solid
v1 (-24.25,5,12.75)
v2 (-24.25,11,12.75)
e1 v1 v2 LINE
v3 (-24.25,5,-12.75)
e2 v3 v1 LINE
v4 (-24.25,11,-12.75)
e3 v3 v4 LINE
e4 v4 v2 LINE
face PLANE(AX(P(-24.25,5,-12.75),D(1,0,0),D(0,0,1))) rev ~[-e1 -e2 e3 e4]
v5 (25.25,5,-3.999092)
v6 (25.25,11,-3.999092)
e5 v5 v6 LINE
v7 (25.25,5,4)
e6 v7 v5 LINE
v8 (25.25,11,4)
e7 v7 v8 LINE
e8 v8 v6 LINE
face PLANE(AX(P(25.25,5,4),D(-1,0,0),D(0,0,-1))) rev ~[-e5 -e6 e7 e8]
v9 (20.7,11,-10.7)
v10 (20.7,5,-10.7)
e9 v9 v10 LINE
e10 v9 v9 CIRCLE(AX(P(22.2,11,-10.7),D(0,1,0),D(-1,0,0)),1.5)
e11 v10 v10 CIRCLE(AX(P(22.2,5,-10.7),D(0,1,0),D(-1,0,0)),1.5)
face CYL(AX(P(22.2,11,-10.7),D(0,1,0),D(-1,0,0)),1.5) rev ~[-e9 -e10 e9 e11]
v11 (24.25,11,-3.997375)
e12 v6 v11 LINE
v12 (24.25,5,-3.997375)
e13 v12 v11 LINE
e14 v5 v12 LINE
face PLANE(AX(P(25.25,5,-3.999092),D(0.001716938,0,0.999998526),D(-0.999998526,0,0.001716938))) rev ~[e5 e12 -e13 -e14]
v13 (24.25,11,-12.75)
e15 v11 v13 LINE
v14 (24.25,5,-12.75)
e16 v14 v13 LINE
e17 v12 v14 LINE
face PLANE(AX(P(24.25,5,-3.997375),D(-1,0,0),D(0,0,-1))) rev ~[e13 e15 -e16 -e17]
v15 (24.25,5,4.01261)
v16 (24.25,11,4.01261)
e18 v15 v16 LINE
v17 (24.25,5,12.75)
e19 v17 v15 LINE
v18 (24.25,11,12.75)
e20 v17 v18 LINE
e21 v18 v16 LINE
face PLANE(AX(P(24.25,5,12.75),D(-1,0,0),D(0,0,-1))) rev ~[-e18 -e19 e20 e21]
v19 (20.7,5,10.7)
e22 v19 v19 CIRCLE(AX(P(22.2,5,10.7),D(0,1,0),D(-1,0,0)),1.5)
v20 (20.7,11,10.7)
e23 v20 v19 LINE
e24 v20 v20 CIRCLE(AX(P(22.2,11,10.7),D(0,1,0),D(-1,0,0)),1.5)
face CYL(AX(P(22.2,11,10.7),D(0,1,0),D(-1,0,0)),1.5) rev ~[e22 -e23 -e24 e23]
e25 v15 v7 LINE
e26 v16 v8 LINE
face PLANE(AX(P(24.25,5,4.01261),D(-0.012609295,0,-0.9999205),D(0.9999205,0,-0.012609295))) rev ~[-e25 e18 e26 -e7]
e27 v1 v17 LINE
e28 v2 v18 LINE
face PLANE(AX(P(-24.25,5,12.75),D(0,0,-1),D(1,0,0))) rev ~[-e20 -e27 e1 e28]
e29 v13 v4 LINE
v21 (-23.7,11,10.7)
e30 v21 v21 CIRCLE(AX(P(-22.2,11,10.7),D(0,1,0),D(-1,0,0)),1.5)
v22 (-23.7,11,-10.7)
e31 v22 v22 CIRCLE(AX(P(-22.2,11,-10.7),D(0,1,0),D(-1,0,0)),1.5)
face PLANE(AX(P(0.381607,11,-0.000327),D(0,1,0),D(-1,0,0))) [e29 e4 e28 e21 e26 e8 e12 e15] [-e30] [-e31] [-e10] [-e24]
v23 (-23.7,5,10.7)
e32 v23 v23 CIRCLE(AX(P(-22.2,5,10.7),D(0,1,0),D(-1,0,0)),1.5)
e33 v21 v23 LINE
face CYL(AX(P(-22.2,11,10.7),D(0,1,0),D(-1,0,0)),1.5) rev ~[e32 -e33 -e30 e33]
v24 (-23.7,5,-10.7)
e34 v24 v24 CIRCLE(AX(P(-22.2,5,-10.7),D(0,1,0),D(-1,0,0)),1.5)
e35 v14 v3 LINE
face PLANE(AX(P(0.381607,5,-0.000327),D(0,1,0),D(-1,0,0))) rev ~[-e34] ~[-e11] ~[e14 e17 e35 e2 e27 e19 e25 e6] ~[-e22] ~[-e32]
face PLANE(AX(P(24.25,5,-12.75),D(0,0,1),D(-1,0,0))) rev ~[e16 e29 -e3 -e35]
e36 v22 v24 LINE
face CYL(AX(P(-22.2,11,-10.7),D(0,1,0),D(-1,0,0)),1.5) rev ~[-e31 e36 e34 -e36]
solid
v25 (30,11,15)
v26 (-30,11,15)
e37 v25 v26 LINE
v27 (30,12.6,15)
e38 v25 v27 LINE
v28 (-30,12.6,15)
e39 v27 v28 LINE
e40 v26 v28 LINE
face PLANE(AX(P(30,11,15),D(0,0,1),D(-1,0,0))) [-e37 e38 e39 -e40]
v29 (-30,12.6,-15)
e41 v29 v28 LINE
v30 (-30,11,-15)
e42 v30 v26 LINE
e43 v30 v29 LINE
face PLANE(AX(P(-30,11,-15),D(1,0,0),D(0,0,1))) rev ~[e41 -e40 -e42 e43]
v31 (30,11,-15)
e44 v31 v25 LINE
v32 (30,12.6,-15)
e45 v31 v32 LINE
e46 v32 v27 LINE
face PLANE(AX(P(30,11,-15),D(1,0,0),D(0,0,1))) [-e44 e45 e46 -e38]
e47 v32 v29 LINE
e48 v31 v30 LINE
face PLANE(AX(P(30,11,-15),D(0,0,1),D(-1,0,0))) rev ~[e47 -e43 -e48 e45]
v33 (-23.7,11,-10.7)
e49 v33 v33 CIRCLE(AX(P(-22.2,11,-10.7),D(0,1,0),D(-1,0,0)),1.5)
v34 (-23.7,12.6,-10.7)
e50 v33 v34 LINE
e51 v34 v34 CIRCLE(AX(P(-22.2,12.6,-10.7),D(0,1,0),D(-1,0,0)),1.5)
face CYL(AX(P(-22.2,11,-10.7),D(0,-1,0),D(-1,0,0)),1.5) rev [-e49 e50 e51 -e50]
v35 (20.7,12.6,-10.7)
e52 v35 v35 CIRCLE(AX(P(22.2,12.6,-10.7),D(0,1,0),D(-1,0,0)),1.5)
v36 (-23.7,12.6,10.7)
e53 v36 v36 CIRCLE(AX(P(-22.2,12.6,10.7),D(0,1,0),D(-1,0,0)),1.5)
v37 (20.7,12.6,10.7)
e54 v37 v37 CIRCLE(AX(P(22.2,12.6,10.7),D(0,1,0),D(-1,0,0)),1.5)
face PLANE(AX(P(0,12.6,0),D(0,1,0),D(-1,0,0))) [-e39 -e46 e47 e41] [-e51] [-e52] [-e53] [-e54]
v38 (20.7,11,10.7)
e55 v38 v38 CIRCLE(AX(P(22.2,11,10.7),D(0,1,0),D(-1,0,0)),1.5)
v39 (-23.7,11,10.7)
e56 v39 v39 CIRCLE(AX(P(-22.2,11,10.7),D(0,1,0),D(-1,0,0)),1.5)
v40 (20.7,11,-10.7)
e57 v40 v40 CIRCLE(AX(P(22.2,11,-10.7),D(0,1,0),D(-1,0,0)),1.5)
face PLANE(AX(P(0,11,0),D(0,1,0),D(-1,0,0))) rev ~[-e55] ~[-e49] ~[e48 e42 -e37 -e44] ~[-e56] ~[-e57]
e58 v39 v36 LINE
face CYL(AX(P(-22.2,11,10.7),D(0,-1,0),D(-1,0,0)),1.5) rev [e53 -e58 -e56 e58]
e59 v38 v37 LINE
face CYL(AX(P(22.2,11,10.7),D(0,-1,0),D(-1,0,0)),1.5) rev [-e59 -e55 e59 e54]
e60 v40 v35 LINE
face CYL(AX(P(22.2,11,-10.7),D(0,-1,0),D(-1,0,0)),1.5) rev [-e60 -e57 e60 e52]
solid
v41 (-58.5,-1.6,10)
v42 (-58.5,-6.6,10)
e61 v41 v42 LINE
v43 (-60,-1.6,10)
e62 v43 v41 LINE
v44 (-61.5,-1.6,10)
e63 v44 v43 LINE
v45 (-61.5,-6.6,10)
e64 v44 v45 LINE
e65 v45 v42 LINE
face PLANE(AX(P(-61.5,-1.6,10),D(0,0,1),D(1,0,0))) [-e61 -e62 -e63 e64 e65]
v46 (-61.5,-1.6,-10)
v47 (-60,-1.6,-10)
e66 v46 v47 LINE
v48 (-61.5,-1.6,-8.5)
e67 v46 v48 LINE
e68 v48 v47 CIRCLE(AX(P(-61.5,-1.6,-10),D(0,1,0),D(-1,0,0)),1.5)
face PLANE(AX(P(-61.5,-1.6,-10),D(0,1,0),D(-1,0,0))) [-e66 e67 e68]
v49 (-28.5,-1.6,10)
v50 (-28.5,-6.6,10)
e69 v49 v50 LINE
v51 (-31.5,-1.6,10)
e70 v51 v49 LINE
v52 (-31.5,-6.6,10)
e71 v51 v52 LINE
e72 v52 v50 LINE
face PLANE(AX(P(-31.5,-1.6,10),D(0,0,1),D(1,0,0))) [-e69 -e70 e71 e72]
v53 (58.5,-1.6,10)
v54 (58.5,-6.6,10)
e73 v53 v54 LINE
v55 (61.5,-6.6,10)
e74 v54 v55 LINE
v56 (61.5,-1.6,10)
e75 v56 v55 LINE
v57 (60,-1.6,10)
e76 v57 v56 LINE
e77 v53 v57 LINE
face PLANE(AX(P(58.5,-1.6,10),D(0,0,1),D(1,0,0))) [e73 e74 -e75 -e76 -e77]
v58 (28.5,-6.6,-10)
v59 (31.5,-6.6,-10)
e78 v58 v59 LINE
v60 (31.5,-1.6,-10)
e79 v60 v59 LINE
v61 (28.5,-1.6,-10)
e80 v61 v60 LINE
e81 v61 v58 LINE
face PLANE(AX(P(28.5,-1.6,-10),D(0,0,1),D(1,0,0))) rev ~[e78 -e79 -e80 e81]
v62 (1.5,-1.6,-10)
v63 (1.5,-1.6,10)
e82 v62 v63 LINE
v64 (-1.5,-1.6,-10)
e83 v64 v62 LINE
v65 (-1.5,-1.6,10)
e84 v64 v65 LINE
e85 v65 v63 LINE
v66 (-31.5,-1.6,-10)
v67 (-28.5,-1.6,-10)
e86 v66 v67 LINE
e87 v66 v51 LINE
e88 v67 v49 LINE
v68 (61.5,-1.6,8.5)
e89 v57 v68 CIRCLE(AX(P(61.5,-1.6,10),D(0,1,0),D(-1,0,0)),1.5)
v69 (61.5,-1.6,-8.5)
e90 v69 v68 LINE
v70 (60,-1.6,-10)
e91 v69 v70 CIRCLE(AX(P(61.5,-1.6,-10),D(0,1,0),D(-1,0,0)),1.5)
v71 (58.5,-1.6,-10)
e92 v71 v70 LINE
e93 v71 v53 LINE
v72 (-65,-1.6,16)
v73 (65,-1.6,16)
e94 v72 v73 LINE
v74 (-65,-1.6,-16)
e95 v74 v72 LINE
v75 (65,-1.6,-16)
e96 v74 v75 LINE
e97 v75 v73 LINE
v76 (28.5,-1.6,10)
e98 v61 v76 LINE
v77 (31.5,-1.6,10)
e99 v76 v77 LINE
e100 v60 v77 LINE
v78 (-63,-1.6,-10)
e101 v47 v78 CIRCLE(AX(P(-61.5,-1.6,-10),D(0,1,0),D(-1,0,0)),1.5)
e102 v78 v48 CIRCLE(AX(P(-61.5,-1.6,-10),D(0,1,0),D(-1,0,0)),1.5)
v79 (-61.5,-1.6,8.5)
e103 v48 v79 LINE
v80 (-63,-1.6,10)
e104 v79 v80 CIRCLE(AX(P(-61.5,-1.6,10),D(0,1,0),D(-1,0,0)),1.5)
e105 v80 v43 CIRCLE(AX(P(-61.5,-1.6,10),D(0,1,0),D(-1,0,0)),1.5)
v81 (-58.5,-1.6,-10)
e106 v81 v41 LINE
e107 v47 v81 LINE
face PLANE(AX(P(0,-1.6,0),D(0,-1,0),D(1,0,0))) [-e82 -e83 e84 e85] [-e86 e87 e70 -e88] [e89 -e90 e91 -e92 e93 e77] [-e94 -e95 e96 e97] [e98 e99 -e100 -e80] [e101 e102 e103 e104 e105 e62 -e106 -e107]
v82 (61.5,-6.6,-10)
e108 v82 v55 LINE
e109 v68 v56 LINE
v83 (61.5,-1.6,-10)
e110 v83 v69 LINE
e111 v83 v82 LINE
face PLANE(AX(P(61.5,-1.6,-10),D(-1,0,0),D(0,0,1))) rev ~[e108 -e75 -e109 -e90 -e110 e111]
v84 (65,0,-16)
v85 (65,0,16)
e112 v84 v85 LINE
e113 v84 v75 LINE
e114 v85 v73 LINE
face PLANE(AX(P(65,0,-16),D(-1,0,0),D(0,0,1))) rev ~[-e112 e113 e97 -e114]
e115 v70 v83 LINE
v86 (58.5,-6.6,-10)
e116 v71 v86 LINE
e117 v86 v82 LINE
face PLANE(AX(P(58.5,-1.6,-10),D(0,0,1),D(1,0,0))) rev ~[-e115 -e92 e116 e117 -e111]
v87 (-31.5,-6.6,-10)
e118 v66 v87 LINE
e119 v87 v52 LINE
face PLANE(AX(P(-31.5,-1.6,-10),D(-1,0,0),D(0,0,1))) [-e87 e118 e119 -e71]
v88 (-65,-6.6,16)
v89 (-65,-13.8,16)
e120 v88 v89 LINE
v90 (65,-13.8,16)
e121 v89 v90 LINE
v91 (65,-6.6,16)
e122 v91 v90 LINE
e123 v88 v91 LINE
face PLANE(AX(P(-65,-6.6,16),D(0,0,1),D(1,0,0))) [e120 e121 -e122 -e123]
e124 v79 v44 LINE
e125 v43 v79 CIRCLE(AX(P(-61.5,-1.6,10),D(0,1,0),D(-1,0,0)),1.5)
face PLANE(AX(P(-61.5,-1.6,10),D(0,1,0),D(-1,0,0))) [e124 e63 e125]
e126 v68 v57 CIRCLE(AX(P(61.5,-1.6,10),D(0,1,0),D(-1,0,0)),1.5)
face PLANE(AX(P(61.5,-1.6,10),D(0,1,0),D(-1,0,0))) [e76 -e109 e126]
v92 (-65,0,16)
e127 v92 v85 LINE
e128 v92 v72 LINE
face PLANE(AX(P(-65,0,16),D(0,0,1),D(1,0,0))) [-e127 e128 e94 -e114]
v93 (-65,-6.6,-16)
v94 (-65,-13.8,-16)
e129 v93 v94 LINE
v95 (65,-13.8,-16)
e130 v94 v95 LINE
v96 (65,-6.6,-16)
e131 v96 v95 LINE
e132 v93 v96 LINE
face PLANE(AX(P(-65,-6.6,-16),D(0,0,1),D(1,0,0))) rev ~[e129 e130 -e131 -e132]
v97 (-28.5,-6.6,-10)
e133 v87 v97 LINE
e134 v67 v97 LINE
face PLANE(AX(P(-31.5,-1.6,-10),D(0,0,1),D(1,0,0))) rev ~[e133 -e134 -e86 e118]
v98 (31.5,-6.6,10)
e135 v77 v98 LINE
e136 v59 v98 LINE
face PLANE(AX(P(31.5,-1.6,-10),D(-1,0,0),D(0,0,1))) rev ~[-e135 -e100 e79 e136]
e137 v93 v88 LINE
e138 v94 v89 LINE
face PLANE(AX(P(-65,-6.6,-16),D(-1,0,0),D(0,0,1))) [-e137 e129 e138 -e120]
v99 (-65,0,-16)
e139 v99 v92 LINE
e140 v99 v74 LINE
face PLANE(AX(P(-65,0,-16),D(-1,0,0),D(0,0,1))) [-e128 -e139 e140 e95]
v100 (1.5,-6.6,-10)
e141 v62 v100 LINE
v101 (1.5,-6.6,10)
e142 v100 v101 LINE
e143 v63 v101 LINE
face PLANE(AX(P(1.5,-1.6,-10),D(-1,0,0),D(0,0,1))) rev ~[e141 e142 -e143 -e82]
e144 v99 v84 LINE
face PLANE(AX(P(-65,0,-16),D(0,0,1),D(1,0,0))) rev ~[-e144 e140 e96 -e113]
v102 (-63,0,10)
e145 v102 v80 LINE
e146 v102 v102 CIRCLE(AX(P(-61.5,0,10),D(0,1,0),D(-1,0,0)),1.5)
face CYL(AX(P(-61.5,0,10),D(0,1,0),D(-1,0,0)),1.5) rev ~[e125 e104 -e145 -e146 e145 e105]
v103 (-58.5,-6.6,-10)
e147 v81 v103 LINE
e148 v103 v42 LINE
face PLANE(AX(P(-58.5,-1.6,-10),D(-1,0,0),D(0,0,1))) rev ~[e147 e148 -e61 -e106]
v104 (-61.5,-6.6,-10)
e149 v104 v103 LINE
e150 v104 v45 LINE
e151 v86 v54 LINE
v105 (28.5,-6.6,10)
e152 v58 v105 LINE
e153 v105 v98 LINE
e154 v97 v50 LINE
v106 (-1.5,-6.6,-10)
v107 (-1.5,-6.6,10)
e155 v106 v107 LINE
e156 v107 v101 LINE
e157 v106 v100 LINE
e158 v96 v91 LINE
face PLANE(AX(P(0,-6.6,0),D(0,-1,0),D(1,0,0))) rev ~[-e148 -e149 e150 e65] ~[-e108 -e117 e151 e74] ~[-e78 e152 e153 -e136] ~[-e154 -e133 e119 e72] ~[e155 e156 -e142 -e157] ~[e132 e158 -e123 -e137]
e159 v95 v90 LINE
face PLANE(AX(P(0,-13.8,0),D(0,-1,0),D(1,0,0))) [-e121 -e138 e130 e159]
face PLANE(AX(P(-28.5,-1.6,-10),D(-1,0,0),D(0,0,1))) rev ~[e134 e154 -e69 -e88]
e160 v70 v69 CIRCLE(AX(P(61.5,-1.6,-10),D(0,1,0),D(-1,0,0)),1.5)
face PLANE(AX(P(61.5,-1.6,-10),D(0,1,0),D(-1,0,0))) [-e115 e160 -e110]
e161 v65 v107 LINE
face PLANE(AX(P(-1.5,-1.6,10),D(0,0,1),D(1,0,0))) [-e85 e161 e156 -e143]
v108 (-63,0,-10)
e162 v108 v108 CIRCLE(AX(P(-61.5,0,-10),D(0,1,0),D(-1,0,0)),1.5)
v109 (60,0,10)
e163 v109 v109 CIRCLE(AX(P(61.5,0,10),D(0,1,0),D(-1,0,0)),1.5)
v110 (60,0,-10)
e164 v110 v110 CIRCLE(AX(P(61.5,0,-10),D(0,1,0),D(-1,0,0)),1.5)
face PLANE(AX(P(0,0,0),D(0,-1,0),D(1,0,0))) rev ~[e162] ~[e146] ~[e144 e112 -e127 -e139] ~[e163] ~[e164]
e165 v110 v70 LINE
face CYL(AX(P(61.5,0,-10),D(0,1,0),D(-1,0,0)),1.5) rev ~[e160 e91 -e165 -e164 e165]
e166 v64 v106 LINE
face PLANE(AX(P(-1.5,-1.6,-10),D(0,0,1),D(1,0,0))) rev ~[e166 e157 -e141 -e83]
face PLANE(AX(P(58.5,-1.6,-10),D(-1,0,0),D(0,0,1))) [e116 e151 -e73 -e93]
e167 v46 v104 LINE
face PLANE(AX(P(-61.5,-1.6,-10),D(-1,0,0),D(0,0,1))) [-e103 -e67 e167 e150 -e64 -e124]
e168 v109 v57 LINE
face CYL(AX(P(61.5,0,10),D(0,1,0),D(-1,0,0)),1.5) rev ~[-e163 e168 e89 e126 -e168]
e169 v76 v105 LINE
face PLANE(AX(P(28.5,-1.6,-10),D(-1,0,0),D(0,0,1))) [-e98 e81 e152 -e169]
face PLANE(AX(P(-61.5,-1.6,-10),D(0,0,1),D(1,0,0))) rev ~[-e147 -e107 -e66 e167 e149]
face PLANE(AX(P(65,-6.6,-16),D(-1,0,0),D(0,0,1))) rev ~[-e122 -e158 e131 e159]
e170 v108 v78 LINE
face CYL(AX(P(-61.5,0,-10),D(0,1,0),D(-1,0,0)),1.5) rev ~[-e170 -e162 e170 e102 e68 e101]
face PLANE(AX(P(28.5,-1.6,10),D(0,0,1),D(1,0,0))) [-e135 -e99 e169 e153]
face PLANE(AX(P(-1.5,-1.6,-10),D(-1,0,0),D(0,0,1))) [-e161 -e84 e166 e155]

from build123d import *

# Parameters (mm, degrees)
F0_W      = 130
F0_H      = 32
F1_DEPTH  = 1.6
F2_W      = 3
F2_H      = 20
F3_DEPTH  = 5
F5_W      = 130
F5_H      = 32
F6_DEPTH  = 7.2
F7_R      = 1.5
F8_DEPTH  = 1.6
F12_DEPTH = 6
F13_R     = 1.5
F14_DEPTH = 6
F15_W     = 60
F15_H     = 30
F15_R     = 1.5
F16_DEPTH = 1.6


with BuildPart() as f1:
    # F0 (on Front) → F1 (new body)
    with BuildSketch(Plane.XZ):
        Rectangle(F0_W, F0_H)
    extrude(amount=F1_DEPTH)

    # F2 (on face) → F3 (join)
    with BuildSketch(Plane.XZ.offset(1.6)):
        Rectangle(F2_W, F2_H)
        with Locations((-60, 0)):
            Rectangle(F2_W, F2_H)
        with Locations((-30, 0)):
            Rectangle(F2_W, F2_H)
        with Locations((30, 0)):
            Rectangle(F2_W, F2_H)
        with Locations((60, 0)):
            Rectangle(F2_W, F2_H)
    extrude(amount=F3_DEPTH)

    # F5 (on offset) → F6 (join)
    with BuildSketch(Plane.XZ.offset(6.6)):
        Rectangle(F5_W, F5_H)
    extrude(amount=F6_DEPTH)

    # F7 (on face) → F8 (cut, through all)
    with BuildSketch(Plane(origin=(0, 0, 0), x_dir=(-1, 0, 0), z_dir=(0, 1, 0))):
        with Locations((61.5, 10)):
            Circle(F7_R)
        with Locations((61.5, -10)):
            Circle(F7_R)
        with Locations((-61.5, 10)):
            Circle(F7_R)
        with Locations((-61.5, -10)):
            Circle(F7_R)
    extrude(amount=-F8_DEPTH, mode=Mode.SUBTRACT)


with BuildPart() as f12:
    # F11 (on offset) → F12 (new body)
    with BuildSketch(Plane(origin=(0, 5, 0), x_dir=(-1, 0, 0), z_dir=(0, 1, 0))):
        Polygon((24.25, -12.75), (24.25, 12.75), (-24.25, 12.75), (-24.25, 4.0126102977), (-25.25, 4), (-25.25, -3.9990916737), (-24.25, -3.9973747328), (-24.25, -12.75), align=None)
    extrude(amount=F12_DEPTH)

    # F13 (on face) → F14 (cut, through all)
    with BuildSketch(Plane(origin=(0, 11, 0), x_dir=(-1, 0, 0), z_dir=(0, 1, 0))):
        with Locations((-22.2, 10.7)):
            Circle(F13_R)
        with Locations((-22.2, -10.7)):
            Circle(F13_R)
        with Locations((22.2, -10.7)):
            Circle(F13_R)
        with Locations((22.2, 10.7)):
            Circle(F13_R)
    extrude(amount=-F14_DEPTH, mode=Mode.SUBTRACT)


with BuildPart() as f16:
    # F15 (on face) → F16 (new body)
    with BuildSketch(Plane(origin=(0, 11, 0), x_dir=(-1, 0, 0), z_dir=(0, 1, 0))):
        Rectangle(F15_W, F15_H)
        Polygon((-24.25, -12.75), (-24.25, -3.9973747328), (-25.25, -3.9990916737), (-25.25, 4), (-24.25, 4.0126102977), (-24.25, 12.75), (24.25, 12.75), (24.25, -12.75), align=None, mode=Mode.SUBTRACT)
        Polygon((-25.25, -3.9990916737), (-24.25, -3.9973747328), (-24.25, -12.75), (24.25, -12.75), (24.25, 12.75), (-24.25, 12.75), (-24.25, 4.0126102977), (-25.25, 4), align=None)
        with Locations((-22.2, -10.7)):
            Circle(F15_R, mode=Mode.SUBTRACT)
        with Locations((22.2, -10.7)):
            Circle(F15_R, mode=Mode.SUBTRACT)
        with Locations((-22.2, 10.7)):
            Circle(F15_R, mode=Mode.SUBTRACT)
        with Locations((22.2, 10.7)):
            Circle(F15_R, mode=Mode.SUBTRACT)
    extrude(amount=F16_DEPTH)


solid = Compound([f1.part, f12.part, f16.part])
